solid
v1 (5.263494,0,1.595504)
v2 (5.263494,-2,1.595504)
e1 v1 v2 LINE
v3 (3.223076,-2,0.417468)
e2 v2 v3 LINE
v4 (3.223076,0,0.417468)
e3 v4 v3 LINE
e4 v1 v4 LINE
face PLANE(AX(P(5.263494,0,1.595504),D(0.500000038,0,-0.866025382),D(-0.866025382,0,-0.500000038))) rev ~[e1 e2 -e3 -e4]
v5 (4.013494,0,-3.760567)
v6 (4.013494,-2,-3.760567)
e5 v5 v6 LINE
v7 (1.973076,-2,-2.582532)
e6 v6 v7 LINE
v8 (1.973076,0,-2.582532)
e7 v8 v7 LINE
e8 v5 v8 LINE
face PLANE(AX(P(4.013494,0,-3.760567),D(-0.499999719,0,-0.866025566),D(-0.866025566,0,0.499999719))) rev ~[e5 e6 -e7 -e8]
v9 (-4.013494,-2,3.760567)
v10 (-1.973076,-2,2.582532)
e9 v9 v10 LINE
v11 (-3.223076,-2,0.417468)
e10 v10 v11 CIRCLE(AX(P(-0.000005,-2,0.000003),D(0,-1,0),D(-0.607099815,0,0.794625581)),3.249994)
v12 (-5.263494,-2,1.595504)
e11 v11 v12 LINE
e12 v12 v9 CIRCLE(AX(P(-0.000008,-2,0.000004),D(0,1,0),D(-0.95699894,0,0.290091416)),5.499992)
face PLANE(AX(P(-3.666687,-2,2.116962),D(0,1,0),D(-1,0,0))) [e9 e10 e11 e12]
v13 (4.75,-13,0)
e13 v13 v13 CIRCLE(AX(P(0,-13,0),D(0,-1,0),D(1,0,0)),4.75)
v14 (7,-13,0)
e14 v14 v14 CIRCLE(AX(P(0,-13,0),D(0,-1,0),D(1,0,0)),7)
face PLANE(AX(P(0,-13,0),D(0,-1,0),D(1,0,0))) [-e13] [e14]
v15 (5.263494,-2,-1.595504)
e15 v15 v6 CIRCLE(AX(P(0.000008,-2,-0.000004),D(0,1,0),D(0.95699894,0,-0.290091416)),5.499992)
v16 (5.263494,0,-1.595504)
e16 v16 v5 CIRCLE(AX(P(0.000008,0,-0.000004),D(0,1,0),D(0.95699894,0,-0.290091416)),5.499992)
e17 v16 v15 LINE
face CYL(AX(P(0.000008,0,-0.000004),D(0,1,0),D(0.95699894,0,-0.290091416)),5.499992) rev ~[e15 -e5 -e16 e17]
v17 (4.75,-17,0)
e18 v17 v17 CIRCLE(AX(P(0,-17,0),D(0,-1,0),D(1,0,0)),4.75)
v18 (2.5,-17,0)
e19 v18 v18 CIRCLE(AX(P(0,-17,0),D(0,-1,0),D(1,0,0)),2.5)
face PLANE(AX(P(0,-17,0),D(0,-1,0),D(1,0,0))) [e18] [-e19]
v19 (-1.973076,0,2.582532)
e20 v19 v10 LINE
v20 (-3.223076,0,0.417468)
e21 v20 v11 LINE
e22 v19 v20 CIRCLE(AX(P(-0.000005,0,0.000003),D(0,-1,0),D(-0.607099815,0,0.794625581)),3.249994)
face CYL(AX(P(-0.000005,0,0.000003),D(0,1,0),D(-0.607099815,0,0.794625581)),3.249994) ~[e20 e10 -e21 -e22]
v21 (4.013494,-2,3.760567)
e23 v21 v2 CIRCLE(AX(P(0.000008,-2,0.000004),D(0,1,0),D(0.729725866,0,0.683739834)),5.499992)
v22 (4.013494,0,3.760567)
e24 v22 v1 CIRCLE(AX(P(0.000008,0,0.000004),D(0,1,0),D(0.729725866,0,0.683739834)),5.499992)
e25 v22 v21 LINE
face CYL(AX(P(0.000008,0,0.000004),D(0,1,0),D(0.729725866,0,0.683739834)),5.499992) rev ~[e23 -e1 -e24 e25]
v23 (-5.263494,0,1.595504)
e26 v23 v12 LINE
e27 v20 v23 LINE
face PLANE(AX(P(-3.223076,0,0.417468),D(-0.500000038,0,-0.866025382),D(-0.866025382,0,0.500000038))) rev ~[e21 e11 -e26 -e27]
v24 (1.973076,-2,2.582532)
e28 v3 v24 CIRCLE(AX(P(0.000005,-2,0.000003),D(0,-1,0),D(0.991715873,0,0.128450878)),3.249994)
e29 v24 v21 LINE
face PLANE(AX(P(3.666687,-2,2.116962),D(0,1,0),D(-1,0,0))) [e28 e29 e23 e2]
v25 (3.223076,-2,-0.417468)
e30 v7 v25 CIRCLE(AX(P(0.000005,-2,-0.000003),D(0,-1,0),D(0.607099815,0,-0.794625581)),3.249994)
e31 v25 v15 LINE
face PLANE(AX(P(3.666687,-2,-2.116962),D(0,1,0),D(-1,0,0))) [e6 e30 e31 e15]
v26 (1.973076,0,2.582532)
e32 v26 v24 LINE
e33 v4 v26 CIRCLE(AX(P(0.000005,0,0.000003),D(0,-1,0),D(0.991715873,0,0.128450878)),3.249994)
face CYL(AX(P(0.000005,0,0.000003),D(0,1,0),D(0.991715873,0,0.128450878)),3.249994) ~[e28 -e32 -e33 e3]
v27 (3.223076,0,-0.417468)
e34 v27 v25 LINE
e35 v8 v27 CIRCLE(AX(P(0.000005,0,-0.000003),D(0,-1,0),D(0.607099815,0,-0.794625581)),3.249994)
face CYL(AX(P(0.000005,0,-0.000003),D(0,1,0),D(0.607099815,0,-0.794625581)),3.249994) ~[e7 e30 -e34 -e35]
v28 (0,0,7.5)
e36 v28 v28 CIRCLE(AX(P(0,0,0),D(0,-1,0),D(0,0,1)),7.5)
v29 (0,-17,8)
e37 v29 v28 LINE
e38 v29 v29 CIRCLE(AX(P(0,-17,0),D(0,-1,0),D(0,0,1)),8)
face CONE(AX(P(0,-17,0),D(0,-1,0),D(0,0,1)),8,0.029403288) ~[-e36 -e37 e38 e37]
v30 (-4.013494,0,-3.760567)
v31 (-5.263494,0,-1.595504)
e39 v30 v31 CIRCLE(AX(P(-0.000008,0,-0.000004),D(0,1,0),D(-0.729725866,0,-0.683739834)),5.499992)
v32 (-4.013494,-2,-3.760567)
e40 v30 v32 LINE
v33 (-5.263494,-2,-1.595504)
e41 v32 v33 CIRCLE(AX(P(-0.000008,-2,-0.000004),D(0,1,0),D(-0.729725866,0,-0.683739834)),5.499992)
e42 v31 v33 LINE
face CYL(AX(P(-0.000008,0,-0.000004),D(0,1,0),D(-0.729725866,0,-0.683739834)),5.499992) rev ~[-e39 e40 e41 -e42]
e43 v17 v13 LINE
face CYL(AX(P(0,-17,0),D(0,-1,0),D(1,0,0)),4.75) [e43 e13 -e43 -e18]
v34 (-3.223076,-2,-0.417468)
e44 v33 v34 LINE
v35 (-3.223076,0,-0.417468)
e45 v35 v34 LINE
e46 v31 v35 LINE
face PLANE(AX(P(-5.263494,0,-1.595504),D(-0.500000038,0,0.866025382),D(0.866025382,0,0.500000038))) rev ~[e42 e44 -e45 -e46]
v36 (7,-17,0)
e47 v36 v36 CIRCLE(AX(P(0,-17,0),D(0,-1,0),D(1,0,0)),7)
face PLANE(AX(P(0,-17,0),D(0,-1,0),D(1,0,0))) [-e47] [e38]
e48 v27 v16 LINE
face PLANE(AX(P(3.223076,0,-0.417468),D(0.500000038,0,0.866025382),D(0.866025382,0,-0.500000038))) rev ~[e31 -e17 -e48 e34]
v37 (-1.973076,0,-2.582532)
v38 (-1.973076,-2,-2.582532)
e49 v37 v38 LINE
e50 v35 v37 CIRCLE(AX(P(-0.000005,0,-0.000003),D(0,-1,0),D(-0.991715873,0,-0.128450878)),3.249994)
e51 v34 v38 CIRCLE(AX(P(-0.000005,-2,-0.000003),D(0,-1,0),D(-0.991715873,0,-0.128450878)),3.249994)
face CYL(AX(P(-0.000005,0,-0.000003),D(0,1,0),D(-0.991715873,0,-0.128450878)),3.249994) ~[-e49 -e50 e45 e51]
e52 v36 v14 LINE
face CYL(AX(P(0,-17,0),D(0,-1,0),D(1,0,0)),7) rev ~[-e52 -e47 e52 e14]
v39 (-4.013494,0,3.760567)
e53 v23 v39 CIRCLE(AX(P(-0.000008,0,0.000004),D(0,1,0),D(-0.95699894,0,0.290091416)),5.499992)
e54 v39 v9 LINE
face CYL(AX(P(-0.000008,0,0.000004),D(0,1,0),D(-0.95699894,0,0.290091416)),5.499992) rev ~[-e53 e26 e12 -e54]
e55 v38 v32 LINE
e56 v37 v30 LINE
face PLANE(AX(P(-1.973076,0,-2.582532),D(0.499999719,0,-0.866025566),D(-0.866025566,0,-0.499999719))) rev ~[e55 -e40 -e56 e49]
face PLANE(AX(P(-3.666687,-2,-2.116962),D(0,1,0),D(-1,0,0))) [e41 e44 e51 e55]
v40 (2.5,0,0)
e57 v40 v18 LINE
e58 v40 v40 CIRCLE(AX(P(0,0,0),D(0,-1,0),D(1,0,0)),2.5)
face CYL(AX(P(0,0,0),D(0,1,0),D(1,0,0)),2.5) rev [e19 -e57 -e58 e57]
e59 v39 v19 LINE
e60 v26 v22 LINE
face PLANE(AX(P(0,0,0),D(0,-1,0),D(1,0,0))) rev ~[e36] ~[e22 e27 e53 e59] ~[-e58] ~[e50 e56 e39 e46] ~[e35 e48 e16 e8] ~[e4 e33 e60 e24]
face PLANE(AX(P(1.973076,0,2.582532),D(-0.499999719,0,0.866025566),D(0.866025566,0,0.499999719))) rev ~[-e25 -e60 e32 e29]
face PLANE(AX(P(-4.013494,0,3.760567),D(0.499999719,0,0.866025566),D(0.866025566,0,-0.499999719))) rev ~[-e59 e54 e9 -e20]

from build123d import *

# Parameters (mm, degrees)
F0_R     = 8
F0_R_2   = 2.5
F1_DEPTH = 17
F2_R     = 7
F2_R_2   = 4.75
F3_DEPTH = 4
F5_DEPTH = 2


with BuildPart() as f1:
    # F0 (on Front) → F1 (new body)
    with BuildSketch(Plane.XZ):
        Circle(F0_R)
        Circle(F0_R_2, mode=Mode.SUBTRACT)
    extrude(amount=F1_DEPTH)

    # F2 (on face) → F3 (cut)
    with BuildSketch(Plane.XZ.offset(17)):
        Circle(F2_R)
        Circle(F2_R_2, mode=Mode.SUBTRACT)
    extrude(amount=-F3_DEPTH, mode=Mode.SUBTRACT)

    # F4 (on face) → F5 (cut)
    with BuildSketch(Plane(origin=(0, 0, 0), x_dir=(-1, 0, 0), z_dir=(0, 1, 0))):
        with BuildLine():
            ThreePointArc((-3.223076, 0.417468), (-2.814583, 1.625), (-1.973076, 2.582532))
            Line((-1.973076, 2.582532), (-4.013494, 3.760567))
            ThreePointArc((-4.013494, 3.760567), (-4.76314, 2.75), (-5.263494, 1.595504))
            Line((-5.263494, 1.595504), (-3.223076, 0.417468))
        make_face()
        with BuildLine():
            Line((-3.223076, -0.417468), (-5.263494, -1.595504))
            ThreePointArc((-5.263494, -1.595504), (-4.76314, -2.75), (-4.013494, -3.760567))
            Line((-4.013494, -3.760567), (-1.973076, -2.582532))
            ThreePointArc((-1.973076, -2.582532), (-2.814583, -1.625), (-3.223076, -0.417468))
        make_face()
        with BuildLine():
            Line((1.973076, -2.582532), (4.013494, -3.760567))
            ThreePointArc((4.013494, -3.760567), (4.76314, -2.75), (5.263494, -1.595504))
            Line((5.263494, -1.595504), (3.223076, -0.417468))
            ThreePointArc((3.223076, -0.417468), (2.814583, -1.625), (1.973076, -2.582532))
        make_face()
        with BuildLine():
            Line((3.223076, 0.417468), (5.263494, 1.595504))
            ThreePointArc((5.263494, 1.595504), (4.76314, 2.75), (4.013494, 3.760567))
            Line((4.013494, 3.760567), (1.973076, 2.582532))
            ThreePointArc((1.973076, 2.582532), (2.814583, 1.625), (3.223076, 0.417468))
        make_face()
    extrude(amount=-F5_DEPTH, mode=Mode.SUBTRACT)

    # F6 (on Right) → F7 (revolve, cut)
    with BuildSketch(Plane.YZ):
        Polygon((0, 8), (-17, 8), (0, 7.5), align=None)
    revolve(axis=Axis((0, -3.680971, 0), (0, -1, 0)), mode=Mode.SUBTRACT)


solid = f1.part
